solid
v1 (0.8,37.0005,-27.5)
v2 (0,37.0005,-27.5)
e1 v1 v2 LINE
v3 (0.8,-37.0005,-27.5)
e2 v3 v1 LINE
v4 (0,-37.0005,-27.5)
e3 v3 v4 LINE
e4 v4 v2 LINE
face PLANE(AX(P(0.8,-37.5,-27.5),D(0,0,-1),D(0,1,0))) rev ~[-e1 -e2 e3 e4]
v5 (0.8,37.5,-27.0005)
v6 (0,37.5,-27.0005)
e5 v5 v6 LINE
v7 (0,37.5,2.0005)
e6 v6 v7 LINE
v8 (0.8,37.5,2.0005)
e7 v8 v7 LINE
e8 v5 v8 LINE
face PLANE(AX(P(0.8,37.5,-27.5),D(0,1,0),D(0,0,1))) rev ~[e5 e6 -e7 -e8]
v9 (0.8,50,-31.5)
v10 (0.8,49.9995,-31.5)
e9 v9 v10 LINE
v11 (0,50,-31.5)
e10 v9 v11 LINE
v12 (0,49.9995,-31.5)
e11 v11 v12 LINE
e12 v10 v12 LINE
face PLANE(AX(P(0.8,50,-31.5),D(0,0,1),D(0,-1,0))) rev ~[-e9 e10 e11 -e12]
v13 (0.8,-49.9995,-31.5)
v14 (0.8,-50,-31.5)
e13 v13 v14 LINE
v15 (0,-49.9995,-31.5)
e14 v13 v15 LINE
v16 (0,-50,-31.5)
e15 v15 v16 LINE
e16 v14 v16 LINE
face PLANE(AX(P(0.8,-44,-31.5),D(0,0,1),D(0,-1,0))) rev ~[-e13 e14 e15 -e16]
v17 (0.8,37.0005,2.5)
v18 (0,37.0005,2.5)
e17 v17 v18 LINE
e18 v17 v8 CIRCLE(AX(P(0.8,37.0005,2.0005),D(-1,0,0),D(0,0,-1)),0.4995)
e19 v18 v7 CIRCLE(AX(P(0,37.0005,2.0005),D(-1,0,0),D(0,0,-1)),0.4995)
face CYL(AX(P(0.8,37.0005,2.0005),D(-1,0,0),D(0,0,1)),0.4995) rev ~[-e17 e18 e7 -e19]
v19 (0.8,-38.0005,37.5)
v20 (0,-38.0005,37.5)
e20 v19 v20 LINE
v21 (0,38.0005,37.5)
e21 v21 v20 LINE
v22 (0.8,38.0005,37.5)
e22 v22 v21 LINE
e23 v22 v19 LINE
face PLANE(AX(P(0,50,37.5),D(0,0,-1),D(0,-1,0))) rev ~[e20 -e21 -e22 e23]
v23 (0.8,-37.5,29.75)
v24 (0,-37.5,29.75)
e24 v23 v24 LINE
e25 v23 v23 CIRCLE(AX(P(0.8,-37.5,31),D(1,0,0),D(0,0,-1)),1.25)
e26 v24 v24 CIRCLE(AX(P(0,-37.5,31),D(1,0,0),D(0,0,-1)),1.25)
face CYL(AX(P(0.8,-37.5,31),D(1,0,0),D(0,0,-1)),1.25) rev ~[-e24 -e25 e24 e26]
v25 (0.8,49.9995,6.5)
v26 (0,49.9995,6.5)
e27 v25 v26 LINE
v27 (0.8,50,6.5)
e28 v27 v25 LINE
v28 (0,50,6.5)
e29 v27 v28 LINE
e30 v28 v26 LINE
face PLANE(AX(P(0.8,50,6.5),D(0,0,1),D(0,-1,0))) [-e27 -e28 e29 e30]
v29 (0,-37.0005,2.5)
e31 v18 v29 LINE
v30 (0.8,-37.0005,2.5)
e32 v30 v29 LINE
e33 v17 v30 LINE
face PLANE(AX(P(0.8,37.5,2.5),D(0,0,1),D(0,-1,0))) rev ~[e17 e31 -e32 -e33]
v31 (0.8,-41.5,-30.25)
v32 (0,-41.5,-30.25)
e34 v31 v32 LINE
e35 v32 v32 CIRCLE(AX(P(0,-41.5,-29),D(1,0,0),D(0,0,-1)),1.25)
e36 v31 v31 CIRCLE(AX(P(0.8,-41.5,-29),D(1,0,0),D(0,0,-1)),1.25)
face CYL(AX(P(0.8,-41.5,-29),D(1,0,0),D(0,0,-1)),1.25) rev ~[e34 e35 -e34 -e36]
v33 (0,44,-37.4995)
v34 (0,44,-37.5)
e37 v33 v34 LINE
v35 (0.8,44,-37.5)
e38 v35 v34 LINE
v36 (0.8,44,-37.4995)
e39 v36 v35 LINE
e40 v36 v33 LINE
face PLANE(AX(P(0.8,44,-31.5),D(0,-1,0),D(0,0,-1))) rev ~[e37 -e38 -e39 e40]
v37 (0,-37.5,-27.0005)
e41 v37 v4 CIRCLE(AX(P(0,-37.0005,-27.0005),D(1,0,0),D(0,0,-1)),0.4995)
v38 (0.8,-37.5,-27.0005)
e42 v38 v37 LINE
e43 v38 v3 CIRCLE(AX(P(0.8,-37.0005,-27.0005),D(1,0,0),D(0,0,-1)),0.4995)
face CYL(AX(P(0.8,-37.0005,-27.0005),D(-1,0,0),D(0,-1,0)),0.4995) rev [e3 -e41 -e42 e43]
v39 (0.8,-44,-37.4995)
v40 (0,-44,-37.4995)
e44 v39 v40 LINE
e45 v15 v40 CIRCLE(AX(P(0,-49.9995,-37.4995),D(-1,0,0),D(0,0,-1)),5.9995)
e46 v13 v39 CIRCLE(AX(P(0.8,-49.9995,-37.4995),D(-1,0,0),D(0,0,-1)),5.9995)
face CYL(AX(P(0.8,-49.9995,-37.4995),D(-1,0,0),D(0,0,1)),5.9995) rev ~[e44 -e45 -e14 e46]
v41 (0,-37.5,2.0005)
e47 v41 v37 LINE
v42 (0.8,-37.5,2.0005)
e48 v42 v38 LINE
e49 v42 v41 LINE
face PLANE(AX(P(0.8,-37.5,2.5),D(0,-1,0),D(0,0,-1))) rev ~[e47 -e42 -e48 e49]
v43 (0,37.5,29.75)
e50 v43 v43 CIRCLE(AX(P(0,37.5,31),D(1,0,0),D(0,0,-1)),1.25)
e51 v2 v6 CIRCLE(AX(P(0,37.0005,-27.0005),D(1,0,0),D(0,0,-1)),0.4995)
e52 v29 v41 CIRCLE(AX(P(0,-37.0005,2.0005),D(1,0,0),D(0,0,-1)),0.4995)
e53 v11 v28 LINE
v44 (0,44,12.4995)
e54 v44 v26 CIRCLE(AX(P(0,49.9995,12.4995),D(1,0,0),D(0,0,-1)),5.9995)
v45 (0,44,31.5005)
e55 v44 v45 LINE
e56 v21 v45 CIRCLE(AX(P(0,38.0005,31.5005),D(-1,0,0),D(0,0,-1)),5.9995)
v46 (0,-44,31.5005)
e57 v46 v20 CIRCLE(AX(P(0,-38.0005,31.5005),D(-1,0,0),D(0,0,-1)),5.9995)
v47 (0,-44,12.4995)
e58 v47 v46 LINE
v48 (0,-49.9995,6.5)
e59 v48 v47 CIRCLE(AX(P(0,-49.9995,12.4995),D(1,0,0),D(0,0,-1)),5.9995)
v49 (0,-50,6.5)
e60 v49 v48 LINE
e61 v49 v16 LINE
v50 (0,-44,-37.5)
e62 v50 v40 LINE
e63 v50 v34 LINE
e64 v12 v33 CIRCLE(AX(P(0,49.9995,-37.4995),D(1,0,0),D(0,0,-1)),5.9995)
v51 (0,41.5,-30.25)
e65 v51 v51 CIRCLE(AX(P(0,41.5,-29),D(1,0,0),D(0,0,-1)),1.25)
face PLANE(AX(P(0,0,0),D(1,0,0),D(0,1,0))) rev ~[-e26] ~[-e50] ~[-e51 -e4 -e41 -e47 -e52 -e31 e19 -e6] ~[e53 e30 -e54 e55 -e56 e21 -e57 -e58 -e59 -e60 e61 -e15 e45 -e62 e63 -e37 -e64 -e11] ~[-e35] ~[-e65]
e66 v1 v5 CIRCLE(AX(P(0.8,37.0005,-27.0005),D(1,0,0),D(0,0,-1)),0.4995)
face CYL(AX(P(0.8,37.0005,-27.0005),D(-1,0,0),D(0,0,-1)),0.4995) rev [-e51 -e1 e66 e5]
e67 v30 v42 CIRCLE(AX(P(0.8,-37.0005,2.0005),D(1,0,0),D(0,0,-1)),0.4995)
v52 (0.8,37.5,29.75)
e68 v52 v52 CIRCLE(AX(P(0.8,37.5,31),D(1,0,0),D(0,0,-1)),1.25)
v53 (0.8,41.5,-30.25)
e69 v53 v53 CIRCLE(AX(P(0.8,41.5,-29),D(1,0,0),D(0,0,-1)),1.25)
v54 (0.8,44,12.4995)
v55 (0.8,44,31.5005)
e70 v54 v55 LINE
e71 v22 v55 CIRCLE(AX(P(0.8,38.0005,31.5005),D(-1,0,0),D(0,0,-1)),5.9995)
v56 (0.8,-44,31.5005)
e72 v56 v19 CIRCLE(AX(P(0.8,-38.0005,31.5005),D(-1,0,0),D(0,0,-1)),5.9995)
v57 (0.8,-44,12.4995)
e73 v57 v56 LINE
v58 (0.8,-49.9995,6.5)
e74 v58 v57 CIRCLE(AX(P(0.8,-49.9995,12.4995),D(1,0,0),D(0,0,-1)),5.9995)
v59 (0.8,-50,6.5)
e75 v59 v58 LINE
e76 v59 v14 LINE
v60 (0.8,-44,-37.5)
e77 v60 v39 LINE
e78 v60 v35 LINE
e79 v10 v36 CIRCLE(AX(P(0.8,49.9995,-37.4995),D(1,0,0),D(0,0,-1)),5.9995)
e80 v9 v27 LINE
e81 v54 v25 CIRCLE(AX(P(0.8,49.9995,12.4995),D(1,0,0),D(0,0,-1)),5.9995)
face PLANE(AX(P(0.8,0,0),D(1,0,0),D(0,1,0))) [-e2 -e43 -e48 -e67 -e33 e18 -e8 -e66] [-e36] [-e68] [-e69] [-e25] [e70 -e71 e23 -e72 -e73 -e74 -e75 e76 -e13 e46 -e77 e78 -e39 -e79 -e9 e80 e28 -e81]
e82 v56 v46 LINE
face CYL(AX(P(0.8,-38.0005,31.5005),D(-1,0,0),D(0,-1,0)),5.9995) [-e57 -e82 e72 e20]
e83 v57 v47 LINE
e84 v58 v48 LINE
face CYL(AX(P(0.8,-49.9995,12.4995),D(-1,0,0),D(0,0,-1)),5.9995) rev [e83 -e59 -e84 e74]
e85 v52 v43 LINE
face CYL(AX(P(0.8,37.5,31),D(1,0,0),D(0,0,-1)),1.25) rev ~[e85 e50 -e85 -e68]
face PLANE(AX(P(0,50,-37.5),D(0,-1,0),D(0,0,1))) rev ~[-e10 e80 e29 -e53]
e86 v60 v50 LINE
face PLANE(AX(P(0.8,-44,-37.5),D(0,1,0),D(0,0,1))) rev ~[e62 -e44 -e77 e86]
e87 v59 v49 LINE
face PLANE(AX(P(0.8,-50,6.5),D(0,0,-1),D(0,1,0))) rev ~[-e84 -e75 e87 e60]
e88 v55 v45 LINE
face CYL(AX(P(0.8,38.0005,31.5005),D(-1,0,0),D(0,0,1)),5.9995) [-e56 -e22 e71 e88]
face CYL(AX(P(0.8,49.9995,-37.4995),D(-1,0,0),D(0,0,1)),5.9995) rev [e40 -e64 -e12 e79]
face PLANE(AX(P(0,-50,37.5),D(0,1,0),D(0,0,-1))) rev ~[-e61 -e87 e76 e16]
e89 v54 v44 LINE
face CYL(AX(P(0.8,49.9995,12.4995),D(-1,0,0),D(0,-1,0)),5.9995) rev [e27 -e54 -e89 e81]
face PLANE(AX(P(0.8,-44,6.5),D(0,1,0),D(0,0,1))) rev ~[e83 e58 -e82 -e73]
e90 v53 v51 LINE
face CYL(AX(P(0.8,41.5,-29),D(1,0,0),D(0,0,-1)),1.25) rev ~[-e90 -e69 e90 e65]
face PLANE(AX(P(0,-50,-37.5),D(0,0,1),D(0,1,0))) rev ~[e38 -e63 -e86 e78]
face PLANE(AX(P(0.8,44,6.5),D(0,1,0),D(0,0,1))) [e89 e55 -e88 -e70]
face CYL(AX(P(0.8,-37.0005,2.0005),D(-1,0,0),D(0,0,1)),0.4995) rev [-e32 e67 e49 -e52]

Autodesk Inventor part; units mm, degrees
ref_plane "YZ Plane" through (0, 0, 0) normal (1, 0, 0) x (0, 1, 0)
ref_plane "XZ Plane" through (0, 0, 0) normal (0, 1, 0) x (-1, 0, 0)
ref_plane "XY Plane" through (0, 0, 0) normal (0, 0, 1) x (1, 0, 0)
sketch "Skizze1" plane through (0, 0, 0) normal (1, 0, 0) x (0, 1, 0)
  line L0 (-50, -37.5) -> (50, -37.5)
  line L1 (50, -37.5) -> (50, 37.5)
  line L2 (50, 37.5) -> (-50, 37.5)
  line L3 (-50, 37.5) -> (-50, -37.5)
  line L4 (-50, -37.5) -> (50, 37.5) construction
  line L5 (50, -37.5) -> (-50, 37.5) construction
  point P0 (0, 0)
  dimension "d0" = 100
  dimension "d1" = 75
extrude "Extrusion1" add sketch "Skizze1" along normal blind 0.8
sketch "Skizze2" plane through (0.8, 0, 0) normal (1, 0, 0) x (0, 0, -1)
  line L0 (-37.5, -50) -> (-6.5, -50)
  line L1 (-6.5, -50) -> (-6.5, -44)
  line L2 (-6.5, -44) -> (-37.5, -44)
  line L3 (-37.5, -44) -> (-37.5, -50)
  line L4 (-37.5, 50) -> (-6.5, 50)
  line L5 (-6.5, 50) -> (-6.5, 44)
  line L6 (-6.5, 44) -> (-37.5, 44)
  line L7 (-37.5, 44) -> (-37.5, 50)
  line L8 (31.5, -50) -> (37.5, -50)
  line L9 (37.5, -50) -> (37.5, -44)
  line L10 (37.5, -44) -> (31.5, -44)
  line L11 (31.5, -44) -> (31.5, -50)
  line L12 (37.5, 50) -> (31.5, 50)
  line L13 (31.5, 50) -> (31.5, 44)
  line L14 (31.5, 44) -> (37.5, 44)
  line L15 (37.5, 44) -> (37.5, 50)
  line L16 (-2.5, -37.5) -> (27.5, -37.5)
  line L17 (27.5, -37.5) -> (27.5, 37.5)
  line L18 (27.5, 37.5) -> (-2.5, 37.5)
  line L19 (-2.5, 37.5) -> (-2.5, -37.5)
  line L20 (52.5, 0) -> (-52.5, 0) construction
  line L21 (-37.5, 50) -> (-37.5, -50) construction
  point P0 (0, 0)
  dimension "d4" = 6
  dimension "d5" = 6
  dimension "d6" = 31
  dimension "d9" = 75
  dimension "d10" = 30
  dimension "d11" = 35
extrude "Extrusion2" cut sketch "Skizze2" against normal through all
fillet "Rundung1" radius 6 6 edges at (0.4, -44, 6.5) (0.4, -44, -31.5) (0.4, 44, -31.5) (0.4, 44, 6.5) (0.4, 44, 37.5) (0.4, -44, 37.5)
fillet "Rundung1" radius 0.5 4 edges at (0.4, -37.5, 2.5) (0.4, -37.5, -27.5) (0.4, 37.5, -27.5) (0.4, 37.5, 2.5)
sketch "Skizze3" plane through (0.8, 0, 0) normal (1, 0, 0) x (0, 0, -1)
  line L0 (-37.5, 50) -> (95.7584, 50) construction
  line L1 (95.7584, 50) -> (95.7584, -50) construction
  line L2 (95.7584, -50) -> (-37.5, -50) construction
  line L3 (-37.5, -50) -> (-37.5, 50) construction
  line L4 (-6.5, -50) -> (31.5, -50) projected
  line L5 (-37.5, 38) -> (-37.5, -38) projected
  point P0 (0, 0)
  dimension "d26" = 100
decal "Aufkleber1"
sketch "Skizze4" plane through (0.8, 0, 0) normal (1, 0, 0) x (0, 0, -1)
  circle A0 centre (-31, -37.5) radius 1.25
  circle A1 centre (-31, 37.5) radius 1.25
  circle A2 centre (29, -41.5) radius 1.25
  circle A3 centre (29, 41.5) radius 1.25
  line L0 (-37.5, 38) -> (-37.5, -38) projected
  line L1 (-31.5, -44) -> (-12.5, -44) projected
  line L2 (52.5, 0) -> (-52.5, 0) construction
  line L3 (-6.5, -50) -> (31.5, -50) construction
  line L4 (37.5, -44) -> (37.5, 44) construction
  point P0 (0, 0)
  dimension "d32" = 6.5
  dimension "d33" = 6.5
  dimension "d34" = 2.5
  dimension "d35" = 8.5
  dimension "d36" = 8.5
extrude "Extrusion3" cut sketch "Skizze4" against normal through all
properties part number "EW_MessingplatteUhrzeit" material "Messing"
